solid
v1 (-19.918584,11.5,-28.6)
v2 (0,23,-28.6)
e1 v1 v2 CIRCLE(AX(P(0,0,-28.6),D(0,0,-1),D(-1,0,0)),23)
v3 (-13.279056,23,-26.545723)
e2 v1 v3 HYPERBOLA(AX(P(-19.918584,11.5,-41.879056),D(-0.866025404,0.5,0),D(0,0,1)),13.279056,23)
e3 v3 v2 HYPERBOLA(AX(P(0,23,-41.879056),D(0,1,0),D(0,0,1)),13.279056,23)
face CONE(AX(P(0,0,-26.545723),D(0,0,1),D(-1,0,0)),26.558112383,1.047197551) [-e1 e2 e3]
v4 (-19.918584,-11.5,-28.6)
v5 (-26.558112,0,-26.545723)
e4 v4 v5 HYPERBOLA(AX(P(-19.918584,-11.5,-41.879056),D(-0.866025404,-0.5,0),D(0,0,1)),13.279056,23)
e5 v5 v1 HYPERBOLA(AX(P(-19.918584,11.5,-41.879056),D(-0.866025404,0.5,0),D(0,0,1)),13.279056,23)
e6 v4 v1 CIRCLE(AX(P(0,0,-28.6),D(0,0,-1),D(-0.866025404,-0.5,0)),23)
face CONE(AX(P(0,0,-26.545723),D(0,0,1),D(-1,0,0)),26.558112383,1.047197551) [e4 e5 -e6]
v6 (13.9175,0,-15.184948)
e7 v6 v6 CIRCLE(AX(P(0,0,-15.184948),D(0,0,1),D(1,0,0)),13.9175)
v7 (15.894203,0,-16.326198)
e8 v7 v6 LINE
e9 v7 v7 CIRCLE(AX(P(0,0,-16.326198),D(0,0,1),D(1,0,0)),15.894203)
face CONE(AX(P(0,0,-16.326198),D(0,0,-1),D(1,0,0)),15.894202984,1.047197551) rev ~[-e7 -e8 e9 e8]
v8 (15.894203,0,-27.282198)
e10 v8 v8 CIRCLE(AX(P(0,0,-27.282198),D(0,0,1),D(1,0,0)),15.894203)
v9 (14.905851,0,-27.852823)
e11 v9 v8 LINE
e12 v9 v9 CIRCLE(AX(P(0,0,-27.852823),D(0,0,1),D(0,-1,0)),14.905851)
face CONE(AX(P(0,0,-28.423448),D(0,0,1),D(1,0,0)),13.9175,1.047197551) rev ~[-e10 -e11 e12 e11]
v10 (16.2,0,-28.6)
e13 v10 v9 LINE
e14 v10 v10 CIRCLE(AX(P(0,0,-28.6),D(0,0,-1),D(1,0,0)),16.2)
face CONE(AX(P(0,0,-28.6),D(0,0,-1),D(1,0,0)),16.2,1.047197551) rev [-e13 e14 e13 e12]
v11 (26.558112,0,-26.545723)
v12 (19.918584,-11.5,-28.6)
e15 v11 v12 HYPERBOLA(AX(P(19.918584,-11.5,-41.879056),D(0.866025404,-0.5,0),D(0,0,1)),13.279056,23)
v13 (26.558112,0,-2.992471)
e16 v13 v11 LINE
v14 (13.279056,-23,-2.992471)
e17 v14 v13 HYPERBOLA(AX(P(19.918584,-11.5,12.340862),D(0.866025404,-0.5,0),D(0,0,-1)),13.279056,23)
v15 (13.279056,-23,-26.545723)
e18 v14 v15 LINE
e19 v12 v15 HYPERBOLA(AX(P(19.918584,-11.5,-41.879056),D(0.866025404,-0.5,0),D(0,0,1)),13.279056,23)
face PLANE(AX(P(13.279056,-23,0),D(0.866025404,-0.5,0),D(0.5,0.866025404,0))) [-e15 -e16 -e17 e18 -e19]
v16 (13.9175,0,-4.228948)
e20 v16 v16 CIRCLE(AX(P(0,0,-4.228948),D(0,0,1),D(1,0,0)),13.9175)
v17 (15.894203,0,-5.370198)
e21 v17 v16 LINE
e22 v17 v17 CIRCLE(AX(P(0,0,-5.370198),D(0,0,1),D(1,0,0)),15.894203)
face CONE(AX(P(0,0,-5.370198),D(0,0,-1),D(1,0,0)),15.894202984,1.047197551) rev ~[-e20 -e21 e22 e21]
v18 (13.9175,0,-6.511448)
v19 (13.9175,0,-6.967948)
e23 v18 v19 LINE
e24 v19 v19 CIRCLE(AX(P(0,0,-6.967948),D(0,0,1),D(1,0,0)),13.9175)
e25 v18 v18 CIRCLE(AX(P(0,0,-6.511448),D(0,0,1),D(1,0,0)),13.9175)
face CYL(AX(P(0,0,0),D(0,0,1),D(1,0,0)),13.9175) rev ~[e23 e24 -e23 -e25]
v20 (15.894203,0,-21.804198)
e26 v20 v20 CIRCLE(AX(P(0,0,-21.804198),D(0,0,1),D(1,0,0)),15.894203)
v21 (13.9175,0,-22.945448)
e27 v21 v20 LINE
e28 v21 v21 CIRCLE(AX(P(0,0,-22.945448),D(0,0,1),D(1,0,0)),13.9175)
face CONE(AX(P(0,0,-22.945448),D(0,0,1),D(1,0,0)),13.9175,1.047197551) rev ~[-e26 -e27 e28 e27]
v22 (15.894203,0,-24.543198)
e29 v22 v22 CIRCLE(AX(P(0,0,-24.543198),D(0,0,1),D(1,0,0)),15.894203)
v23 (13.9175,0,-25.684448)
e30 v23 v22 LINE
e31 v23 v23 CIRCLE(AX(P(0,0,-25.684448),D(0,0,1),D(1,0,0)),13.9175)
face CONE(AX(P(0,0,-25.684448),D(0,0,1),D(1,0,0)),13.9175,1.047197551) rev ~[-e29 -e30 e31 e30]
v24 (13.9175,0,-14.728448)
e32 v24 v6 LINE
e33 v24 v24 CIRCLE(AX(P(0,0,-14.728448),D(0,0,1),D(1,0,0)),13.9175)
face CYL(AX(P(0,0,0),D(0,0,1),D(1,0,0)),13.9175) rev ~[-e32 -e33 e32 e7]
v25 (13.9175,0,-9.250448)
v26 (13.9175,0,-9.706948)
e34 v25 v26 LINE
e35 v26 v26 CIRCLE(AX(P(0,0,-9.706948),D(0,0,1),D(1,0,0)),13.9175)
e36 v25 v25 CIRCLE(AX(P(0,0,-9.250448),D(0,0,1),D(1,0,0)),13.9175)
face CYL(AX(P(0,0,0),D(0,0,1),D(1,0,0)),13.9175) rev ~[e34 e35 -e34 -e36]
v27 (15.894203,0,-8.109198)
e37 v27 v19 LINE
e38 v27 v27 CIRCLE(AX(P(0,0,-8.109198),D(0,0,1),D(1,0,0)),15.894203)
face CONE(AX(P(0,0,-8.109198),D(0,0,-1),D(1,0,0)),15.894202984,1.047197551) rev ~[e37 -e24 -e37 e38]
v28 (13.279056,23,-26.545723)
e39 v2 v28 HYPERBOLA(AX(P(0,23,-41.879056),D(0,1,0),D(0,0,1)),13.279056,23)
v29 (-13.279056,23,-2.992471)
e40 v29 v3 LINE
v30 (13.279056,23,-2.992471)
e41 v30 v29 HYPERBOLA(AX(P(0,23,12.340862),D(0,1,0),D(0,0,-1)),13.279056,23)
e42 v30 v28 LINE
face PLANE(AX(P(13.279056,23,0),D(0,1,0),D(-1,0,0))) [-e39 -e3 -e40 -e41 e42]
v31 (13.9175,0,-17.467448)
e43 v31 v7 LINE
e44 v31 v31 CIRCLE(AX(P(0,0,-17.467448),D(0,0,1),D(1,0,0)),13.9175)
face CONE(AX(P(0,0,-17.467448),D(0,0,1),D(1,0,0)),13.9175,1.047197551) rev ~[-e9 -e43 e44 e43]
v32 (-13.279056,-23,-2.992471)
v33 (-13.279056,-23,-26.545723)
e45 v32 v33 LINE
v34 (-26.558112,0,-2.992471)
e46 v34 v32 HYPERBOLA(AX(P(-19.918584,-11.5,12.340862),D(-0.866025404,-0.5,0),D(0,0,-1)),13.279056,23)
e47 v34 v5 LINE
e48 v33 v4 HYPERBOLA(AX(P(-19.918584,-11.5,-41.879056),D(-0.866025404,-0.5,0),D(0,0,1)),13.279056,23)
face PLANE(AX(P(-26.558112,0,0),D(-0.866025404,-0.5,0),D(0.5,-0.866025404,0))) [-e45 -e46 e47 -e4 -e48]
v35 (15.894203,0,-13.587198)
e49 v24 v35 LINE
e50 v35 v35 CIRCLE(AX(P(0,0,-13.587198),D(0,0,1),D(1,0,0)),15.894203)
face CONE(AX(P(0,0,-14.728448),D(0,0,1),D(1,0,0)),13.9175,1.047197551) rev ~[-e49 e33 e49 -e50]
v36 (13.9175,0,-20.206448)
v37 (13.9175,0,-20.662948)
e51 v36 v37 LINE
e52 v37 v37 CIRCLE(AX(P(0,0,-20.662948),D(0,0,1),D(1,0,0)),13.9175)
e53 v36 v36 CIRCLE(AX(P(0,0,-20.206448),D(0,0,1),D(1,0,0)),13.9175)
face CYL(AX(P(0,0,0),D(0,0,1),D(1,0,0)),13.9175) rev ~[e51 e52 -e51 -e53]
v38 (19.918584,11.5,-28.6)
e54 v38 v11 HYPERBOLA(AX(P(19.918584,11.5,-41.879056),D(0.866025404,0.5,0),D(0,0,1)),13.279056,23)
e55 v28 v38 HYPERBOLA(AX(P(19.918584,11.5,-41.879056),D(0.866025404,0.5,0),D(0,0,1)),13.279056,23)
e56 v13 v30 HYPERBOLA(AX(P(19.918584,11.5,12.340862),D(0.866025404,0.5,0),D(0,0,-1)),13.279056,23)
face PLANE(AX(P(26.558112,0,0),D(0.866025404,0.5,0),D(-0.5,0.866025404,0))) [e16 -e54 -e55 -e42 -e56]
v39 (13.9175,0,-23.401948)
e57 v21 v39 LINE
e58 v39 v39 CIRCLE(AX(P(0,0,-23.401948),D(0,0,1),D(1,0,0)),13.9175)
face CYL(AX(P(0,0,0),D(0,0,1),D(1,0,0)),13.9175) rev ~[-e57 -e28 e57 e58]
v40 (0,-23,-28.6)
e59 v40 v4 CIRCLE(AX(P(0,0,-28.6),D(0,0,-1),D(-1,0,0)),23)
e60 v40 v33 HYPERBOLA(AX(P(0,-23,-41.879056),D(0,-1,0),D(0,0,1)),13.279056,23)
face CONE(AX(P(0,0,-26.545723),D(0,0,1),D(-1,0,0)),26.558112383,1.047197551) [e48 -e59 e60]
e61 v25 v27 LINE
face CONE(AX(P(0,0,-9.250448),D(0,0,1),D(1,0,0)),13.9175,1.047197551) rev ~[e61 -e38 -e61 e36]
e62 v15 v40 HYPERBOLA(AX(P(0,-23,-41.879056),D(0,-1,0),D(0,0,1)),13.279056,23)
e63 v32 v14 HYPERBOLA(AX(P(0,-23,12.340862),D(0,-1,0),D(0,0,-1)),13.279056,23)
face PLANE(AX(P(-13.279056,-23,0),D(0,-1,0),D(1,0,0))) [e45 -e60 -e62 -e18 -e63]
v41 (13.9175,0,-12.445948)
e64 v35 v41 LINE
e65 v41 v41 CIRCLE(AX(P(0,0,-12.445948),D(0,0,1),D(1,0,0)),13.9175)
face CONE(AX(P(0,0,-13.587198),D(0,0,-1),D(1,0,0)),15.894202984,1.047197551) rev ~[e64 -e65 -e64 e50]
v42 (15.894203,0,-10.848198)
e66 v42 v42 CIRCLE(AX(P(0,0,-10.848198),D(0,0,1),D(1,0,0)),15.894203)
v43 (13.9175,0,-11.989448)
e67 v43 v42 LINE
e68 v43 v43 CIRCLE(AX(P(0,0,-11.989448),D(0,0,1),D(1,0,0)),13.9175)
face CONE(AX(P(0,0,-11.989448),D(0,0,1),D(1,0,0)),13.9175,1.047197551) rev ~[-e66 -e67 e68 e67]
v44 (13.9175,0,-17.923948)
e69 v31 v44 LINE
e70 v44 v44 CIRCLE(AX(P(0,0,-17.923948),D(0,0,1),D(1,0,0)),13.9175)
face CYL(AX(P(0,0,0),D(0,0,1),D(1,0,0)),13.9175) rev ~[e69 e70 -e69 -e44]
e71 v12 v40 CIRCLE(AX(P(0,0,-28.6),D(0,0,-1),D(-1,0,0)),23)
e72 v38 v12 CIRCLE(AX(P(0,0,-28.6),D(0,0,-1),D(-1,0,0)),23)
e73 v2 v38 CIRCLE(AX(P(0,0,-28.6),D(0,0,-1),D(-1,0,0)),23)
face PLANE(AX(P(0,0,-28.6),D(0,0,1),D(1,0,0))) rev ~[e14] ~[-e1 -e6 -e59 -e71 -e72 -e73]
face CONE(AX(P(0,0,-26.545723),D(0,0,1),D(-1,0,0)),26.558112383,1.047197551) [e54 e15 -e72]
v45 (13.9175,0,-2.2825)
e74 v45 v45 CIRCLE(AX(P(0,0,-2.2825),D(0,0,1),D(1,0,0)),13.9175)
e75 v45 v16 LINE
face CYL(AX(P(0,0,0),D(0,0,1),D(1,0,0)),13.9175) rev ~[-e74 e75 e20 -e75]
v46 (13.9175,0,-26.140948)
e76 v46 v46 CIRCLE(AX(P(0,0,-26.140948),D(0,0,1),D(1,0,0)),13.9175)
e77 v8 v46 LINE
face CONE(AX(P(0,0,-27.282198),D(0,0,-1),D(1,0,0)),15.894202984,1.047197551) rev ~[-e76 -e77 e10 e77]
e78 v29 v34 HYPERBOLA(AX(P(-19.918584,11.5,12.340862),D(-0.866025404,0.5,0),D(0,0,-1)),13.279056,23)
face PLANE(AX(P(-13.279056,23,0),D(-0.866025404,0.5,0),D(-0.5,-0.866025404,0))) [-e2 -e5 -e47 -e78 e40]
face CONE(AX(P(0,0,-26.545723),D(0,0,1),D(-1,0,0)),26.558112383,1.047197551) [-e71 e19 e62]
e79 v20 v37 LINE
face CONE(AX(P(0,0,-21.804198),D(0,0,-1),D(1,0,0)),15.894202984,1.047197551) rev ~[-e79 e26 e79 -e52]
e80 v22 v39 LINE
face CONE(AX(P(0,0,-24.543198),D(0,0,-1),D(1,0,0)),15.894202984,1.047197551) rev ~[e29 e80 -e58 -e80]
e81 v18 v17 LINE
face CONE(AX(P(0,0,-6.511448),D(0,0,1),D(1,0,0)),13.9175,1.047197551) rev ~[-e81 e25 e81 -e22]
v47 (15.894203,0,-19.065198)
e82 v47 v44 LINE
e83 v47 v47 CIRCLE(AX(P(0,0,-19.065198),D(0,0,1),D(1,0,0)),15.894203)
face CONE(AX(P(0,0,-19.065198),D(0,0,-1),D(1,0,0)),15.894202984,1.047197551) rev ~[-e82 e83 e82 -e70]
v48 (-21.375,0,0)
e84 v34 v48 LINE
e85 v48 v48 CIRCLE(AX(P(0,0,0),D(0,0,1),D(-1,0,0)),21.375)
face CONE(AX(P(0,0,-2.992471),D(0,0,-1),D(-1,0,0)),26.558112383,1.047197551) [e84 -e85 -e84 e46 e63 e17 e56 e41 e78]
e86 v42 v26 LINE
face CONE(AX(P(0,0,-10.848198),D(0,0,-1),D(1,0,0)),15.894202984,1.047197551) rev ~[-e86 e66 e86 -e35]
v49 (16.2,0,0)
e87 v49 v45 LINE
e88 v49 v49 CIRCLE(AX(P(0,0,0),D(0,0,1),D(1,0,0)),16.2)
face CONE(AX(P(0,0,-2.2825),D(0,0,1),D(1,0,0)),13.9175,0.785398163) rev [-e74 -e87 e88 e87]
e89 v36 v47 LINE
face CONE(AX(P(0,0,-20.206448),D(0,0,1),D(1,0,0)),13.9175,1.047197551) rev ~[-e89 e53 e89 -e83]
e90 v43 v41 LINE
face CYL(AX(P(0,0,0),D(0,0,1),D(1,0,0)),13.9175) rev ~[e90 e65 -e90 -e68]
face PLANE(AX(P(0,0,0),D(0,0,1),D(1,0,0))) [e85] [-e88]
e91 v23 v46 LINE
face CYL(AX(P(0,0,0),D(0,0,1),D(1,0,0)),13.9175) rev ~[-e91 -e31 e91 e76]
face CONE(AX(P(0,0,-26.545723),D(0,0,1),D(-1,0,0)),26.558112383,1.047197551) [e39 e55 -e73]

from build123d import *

# Parameters (mm, degrees)
SKETCH1_R        = 13.9175
BASENUT_DEPTH    = 28.6
ENDCHAMFER2_SIZE = 2.2825
LPATTERN10_COUNT = 9
LPATTERN10_PITCH = 2.739


with BuildPart() as part:
    # Sketch1 → BaseNut (new body)
    with BuildSketch(Plane.XY):
        Polygon((13.279056191, -23), (26.558112383, 0), (13.279056191, 23), (-13.279056191, 23), (-26.558112383, 0), (-13.279056191, -23), align=None)
        Circle(SKETCH1_R, mode=Mode.SUBTRACT)
    extrude(amount=-BASENUT_DEPTH)

    # Sketch2 → Chamfer1 (revolve, cut)
    with BuildSketch(Plane(origin=(15.04811501, 0, -16.706149795), x_dir=(0, 0, -1), z_dir=(0, 1, 0))):
        Polygon((9.839573063, 41.606227393), (11.893850205, 38.04811501), (11.893850205, 41.606227393), align=None)
    revolve(axis=Axis((0, 0, 7.016501752), (0, 0, -1)), mode=Mode.SUBTRACT)

    # Sketch6 → EndChamfer1 (revolve, cut)
    with BuildSketch(Plane(origin=(-9.197458863, 0, -10.252541137), x_dir=(0, 0, 1), z_dir=(0, 1, 0))):
        Polygon((-18.347458863, 23.114958863), (-18.347458863, 25.397458863), (-17.029656873, 23.114958863), align=None)
    revolve(axis=Axis((0, 0, 13.104863586), (0, 0, -1)), mode=Mode.SUBTRACT)

    # Sketch5 → Chamfer2 (revolve, cut)
    with BuildSketch(Plane(origin=(-14.793032735, 0, -16.96123207), x_dir=(0, 0, 1), z_dir=(0, 1, 0)), mode=Mode.PRIVATE) as chamfer2_sk:
        Polygon((16.96123207, 36.168032735), (16.96123207, 41.351145118), (13.968760741, 41.351145118), align=None)
    revolve(chamfer2_sk.sketch.rotate(Axis((0, 0, -39.536013381), (0, 0, 1)), 180), axis=Axis((0, 0, -39.536013381), (0, 0, 1)), mode=Mode.SUBTRACT)

    # EndChamfer2
    endchamfer2_edges = [part.edges().sort_by_distance(p)[0] for p in [
        (-13.9175, 0, 0),
    ]]
    chamfer(endchamfer2_edges, length=ENDCHAMFER2_SIZE)

    # Sketch7 → Cut-Revolve10 (revolve, cut)
    with BuildSketch(Plane(origin=(0, 0, 0), x_dir=(1, 0, 0), z_dir=(0, 1, 0))):
        Polygon((11.635, 28.423448011), (13.9175, 28.423448011), (15.894202984, 27.282198011), (13.9175, 26.140948011), (11.635, 26.140948011), align=None)
    cut_revolve10 = revolve(axis=Axis((0, 0, -48.618332322), (0, 0, 1)), mode=Mode.SUBTRACT)

    # LPattern10: Cut-Revolve10 ×9
    with Locations(*[(0, 0, i * LPATTERN10_PITCH) for i in range(1, LPATTERN10_COUNT)]):
        add(cut_revolve10, mode=Mode.SUBTRACT)


solid = part.part
